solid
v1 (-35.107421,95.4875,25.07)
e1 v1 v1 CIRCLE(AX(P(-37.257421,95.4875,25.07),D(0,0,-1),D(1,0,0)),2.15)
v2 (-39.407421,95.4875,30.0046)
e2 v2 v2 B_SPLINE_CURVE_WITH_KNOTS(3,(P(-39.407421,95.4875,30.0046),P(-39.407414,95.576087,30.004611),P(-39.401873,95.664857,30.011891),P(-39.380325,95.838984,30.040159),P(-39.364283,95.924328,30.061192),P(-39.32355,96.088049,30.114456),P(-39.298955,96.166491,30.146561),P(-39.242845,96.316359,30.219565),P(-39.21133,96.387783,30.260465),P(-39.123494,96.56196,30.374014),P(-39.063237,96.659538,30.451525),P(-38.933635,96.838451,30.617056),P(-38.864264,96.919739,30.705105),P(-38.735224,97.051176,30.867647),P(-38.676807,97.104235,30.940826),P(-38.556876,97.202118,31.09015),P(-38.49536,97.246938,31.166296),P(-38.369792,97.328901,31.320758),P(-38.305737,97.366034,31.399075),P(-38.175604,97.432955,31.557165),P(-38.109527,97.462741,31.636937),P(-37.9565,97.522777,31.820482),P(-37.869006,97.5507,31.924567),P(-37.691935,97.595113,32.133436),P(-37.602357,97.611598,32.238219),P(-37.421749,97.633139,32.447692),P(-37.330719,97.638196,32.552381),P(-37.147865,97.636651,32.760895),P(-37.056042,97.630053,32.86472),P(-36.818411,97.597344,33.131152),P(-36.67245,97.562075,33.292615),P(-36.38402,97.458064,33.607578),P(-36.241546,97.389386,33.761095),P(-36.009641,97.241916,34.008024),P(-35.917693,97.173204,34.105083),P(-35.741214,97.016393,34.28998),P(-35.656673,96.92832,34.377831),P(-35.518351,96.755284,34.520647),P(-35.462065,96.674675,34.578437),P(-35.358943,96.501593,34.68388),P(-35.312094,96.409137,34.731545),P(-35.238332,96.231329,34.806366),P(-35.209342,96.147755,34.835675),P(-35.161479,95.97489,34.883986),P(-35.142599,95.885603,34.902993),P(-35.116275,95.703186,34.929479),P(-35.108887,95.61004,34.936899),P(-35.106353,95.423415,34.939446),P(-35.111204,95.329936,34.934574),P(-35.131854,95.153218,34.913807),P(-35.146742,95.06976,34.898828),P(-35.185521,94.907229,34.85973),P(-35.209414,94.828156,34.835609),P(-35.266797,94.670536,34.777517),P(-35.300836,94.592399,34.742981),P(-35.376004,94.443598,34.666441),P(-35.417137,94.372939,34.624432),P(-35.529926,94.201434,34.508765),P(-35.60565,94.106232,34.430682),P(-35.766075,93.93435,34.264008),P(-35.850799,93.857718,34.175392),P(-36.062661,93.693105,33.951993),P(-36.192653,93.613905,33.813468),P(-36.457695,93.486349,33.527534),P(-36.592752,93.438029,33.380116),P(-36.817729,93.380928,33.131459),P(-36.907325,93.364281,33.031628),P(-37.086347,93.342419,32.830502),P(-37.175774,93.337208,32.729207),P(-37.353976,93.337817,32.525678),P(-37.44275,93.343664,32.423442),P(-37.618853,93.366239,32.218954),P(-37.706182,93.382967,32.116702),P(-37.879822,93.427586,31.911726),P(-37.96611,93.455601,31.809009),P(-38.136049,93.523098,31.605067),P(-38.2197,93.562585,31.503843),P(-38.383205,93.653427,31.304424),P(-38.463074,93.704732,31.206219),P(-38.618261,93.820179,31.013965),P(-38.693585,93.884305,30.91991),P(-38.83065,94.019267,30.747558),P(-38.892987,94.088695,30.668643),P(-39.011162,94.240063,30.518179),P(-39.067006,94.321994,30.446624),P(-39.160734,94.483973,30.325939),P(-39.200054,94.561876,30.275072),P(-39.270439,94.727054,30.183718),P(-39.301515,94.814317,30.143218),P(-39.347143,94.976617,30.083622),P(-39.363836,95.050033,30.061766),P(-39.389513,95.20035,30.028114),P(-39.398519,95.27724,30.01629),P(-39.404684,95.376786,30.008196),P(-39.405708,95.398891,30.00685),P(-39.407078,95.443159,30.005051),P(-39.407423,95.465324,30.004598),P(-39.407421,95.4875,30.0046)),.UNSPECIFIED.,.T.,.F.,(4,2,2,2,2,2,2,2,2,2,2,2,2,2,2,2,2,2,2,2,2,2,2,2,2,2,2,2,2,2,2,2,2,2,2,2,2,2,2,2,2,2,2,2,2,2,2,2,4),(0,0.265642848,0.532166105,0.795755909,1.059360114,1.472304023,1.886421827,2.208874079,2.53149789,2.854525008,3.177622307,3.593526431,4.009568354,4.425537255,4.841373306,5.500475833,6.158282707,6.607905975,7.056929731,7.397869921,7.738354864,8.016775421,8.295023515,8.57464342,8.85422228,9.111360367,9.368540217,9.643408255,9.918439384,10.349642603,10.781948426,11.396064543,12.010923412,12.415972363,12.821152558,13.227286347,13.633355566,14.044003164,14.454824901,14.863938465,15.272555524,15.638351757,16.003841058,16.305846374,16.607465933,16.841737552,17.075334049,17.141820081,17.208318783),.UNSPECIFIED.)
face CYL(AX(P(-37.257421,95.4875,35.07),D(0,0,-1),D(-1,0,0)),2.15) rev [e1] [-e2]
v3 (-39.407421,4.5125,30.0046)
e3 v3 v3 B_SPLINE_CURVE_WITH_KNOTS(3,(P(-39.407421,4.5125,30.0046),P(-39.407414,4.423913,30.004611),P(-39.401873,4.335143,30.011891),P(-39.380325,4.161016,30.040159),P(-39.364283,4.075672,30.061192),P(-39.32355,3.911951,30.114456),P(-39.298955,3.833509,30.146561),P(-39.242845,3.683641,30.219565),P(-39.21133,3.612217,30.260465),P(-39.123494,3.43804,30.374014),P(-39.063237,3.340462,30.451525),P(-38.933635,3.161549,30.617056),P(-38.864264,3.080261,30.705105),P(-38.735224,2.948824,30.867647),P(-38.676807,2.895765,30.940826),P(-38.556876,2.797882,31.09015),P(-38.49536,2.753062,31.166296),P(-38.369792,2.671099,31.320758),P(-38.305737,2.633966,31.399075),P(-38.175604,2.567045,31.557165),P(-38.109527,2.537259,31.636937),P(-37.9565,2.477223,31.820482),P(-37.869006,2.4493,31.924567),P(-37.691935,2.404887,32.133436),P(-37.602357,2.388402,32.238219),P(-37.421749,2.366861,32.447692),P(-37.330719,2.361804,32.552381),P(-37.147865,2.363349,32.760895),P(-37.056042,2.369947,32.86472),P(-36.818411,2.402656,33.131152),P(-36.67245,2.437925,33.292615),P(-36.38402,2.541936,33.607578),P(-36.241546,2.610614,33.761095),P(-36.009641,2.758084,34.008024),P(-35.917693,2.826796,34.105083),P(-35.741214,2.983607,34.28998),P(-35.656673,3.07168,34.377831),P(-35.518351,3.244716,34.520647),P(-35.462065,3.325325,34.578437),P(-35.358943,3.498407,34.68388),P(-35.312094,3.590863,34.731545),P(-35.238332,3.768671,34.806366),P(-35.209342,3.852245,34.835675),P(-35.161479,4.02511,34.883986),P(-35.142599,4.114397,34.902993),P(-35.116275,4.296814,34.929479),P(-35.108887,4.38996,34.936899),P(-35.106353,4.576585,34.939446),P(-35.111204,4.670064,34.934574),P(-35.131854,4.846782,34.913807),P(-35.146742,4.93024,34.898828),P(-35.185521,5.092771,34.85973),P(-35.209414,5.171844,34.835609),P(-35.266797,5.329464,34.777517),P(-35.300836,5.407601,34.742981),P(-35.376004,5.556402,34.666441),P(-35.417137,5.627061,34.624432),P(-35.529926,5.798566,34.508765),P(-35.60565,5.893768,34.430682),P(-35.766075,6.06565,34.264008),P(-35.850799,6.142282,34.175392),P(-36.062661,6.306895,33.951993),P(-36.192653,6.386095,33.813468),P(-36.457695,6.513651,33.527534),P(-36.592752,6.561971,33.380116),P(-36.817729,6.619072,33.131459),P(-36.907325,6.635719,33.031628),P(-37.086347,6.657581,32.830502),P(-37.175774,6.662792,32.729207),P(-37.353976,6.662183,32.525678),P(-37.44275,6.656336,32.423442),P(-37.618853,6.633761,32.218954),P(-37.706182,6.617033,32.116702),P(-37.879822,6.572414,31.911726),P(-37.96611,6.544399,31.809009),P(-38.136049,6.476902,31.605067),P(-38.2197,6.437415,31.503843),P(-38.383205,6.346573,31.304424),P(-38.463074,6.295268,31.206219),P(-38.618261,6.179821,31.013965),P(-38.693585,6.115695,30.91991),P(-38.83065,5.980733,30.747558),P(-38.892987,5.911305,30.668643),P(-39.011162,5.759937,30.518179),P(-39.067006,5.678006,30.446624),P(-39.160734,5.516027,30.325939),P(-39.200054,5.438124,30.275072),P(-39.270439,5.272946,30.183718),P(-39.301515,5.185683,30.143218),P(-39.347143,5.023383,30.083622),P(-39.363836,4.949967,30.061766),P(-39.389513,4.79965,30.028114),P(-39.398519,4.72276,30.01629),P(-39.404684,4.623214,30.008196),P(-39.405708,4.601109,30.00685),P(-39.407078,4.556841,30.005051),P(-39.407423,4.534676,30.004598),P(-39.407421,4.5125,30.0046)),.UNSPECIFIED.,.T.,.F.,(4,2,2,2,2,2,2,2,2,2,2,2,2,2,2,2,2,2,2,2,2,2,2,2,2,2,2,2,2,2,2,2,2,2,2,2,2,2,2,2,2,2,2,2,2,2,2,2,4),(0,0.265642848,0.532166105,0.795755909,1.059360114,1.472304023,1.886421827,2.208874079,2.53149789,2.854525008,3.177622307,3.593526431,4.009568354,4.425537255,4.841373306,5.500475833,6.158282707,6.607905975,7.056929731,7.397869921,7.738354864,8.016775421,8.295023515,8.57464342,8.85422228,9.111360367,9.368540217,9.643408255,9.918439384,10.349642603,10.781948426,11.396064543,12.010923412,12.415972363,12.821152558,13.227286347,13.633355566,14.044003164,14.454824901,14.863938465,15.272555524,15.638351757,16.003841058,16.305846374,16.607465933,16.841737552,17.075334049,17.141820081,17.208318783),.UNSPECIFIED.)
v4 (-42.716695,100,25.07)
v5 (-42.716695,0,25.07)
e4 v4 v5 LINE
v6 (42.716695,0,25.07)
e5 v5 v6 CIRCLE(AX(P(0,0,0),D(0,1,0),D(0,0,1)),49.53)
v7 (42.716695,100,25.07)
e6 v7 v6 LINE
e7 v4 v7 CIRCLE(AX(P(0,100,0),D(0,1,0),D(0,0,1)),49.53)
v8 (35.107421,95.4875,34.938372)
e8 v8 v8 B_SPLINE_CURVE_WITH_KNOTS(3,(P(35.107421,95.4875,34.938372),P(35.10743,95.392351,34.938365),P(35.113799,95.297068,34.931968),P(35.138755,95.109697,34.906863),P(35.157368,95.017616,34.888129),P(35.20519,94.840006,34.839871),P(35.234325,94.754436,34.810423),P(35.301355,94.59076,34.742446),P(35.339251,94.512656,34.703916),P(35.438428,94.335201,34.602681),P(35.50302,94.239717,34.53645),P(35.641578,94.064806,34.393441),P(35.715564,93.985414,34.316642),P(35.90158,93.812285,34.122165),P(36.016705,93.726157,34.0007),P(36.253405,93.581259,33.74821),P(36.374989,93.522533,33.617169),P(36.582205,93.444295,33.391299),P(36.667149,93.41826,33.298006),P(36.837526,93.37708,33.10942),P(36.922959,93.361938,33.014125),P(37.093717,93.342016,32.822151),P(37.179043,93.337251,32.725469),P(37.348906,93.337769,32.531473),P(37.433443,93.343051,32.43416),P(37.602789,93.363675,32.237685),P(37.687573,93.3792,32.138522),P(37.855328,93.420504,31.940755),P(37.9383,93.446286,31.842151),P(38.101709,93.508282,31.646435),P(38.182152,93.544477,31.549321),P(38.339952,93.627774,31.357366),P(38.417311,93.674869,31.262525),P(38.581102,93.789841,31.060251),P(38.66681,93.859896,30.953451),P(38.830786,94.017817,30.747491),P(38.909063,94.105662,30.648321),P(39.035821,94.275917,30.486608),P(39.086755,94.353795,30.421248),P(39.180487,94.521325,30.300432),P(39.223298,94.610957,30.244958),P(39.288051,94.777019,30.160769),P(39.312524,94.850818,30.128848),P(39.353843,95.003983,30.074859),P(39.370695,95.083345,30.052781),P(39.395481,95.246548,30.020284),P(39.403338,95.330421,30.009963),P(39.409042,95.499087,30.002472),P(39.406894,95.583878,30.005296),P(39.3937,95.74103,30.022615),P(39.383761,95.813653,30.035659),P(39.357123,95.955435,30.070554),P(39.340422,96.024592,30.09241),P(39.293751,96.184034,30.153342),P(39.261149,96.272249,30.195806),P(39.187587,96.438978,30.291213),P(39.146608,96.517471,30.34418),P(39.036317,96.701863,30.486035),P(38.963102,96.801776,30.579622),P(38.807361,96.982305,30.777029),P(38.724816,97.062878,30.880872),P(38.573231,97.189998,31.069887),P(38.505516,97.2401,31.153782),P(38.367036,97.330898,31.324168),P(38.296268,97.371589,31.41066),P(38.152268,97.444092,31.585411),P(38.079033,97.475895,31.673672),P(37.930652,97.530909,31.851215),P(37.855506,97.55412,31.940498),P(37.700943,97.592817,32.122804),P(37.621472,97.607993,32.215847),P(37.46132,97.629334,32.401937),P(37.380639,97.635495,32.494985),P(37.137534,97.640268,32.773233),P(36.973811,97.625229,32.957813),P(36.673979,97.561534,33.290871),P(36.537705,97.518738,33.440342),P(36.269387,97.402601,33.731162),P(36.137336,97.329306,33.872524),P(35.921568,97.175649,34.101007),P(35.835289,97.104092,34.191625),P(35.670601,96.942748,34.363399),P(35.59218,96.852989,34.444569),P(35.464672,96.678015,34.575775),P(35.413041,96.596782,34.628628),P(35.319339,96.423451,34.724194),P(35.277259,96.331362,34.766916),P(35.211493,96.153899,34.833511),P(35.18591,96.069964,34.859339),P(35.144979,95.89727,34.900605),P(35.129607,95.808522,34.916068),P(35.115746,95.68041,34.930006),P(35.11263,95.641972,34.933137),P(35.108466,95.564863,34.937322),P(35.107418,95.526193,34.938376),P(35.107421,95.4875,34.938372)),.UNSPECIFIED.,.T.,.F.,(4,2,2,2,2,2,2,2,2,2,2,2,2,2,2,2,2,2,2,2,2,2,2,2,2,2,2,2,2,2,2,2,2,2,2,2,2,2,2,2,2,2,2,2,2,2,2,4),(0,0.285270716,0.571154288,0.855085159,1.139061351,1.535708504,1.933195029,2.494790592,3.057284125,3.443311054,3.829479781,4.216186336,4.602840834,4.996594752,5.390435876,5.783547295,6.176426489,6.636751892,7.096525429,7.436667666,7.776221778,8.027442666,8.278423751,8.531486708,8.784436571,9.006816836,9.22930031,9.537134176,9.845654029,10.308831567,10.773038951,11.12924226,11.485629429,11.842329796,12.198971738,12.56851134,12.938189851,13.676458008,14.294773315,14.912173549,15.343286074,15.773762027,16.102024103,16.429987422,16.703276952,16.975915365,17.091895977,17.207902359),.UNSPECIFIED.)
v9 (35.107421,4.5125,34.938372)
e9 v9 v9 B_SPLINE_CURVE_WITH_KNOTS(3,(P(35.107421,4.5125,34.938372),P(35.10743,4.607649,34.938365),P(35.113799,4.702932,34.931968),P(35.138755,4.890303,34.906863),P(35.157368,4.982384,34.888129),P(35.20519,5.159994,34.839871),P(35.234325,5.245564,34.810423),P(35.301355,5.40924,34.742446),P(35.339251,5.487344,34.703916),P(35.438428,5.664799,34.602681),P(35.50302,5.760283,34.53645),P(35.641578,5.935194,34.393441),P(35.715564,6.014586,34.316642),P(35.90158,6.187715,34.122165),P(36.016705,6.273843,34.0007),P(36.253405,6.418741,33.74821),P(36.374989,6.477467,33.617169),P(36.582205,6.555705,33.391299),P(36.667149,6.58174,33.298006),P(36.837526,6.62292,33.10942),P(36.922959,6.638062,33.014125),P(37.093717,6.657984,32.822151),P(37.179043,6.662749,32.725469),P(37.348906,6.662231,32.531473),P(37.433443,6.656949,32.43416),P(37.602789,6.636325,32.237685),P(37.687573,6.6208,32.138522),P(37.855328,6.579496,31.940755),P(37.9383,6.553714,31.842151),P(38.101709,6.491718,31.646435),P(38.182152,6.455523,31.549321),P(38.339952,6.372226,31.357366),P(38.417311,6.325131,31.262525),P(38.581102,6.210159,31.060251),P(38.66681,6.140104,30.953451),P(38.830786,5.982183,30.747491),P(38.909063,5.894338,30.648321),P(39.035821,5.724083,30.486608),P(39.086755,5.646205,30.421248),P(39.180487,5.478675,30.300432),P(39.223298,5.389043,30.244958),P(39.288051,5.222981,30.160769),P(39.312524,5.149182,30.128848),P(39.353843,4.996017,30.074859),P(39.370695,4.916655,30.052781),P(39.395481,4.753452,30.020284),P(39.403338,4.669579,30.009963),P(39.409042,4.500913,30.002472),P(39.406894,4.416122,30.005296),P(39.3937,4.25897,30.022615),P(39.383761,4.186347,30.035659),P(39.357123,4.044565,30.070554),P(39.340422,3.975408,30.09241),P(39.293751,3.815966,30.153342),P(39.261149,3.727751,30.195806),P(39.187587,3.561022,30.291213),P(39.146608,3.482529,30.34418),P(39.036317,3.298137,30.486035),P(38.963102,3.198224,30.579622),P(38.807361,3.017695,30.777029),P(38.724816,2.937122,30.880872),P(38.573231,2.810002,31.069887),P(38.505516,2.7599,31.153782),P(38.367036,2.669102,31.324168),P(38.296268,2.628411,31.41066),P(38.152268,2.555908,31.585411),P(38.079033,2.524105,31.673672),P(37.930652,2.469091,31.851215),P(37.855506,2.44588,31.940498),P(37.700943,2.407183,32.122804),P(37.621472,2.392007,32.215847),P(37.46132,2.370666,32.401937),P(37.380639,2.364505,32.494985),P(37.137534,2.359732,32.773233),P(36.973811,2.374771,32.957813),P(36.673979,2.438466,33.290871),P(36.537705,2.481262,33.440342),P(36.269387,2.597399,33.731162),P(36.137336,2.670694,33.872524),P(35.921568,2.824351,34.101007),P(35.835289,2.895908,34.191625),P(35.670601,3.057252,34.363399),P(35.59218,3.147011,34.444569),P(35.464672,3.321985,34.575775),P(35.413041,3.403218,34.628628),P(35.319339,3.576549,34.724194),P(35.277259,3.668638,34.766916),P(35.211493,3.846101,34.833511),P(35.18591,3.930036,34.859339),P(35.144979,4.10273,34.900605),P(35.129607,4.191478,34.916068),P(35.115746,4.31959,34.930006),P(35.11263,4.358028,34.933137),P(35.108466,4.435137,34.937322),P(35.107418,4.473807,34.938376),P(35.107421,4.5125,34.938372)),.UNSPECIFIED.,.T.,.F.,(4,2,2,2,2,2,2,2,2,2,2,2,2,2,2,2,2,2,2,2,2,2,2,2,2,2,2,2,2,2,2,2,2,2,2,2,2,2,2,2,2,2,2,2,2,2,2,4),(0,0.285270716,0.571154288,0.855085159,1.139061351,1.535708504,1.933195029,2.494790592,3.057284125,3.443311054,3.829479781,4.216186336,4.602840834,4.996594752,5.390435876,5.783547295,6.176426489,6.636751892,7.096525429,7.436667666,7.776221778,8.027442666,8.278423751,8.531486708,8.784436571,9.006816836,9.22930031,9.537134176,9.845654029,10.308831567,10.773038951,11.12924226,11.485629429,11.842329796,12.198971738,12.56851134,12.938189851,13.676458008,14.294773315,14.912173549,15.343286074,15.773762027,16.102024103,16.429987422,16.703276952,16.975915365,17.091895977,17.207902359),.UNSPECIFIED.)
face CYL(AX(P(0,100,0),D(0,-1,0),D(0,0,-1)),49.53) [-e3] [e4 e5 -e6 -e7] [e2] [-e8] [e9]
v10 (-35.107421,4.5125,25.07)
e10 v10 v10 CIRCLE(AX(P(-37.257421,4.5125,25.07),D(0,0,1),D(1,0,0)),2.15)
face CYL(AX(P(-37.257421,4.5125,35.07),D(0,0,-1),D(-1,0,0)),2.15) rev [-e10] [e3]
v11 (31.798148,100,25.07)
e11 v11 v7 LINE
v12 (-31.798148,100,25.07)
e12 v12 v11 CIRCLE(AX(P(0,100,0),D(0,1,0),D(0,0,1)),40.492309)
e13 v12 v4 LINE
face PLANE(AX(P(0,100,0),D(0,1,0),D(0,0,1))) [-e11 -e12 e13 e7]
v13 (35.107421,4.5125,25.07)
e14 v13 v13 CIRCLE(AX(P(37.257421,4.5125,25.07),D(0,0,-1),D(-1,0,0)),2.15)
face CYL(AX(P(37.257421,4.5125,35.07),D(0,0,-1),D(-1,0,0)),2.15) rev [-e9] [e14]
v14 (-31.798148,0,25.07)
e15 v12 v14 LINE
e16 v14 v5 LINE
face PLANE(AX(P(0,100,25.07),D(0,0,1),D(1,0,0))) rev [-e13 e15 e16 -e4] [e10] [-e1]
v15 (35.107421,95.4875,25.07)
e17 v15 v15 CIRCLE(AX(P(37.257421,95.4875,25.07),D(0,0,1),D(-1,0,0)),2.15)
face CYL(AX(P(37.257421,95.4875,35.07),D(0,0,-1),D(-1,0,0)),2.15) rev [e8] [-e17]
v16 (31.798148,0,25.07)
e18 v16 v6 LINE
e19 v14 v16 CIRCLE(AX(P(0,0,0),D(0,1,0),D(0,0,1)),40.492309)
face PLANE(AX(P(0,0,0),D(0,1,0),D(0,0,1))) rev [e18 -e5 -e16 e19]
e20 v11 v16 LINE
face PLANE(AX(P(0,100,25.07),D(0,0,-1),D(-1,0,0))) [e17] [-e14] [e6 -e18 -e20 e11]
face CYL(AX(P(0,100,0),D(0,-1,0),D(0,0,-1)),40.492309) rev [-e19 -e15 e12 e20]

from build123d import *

# Parameters (mm, degrees)
BOSS_EXTRUDE1_DEPTH                        = 100
SKETCH2_R                                  = 2.15
CUT_EXTRUDE1_DEPTH                         = 10
MIRROR1_AT_THE_SECOND_PLANE_COPY_1_SKETC_R = 2.15
MIRROR1_AT_THE_SECOND_PLANE_COPY_1_DEPTH   = 10


with BuildPart() as part:
    # Sketch1 → Boss-Extrude1 (new body)
    with BuildSketch(Plane(origin=(0, 0, 0), x_dir=(1, 0, 0), z_dir=(0, 1, 0))):
        with BuildLine():
            ThreePointArc((31.798147977, -25.07), (0, -40.492309328), (-31.798147977, -25.07))
            Line((-31.798147977, -25.07), (-42.716694629, -25.07))
            ThreePointArc((-42.716694629, -25.07), (0, -49.53), (42.716694629, -25.07))
            Line((42.716694629, -25.07), (31.798147977, -25.07))
        make_face()
    extrude(amount=BOSS_EXTRUDE1_DEPTH)

    # Sketch2 → Cut-Extrude1 (cut)
    with BuildSketch(Plane(origin=(0, 0, 25.07), x_dir=(-1, 0, 0), z_dir=(0, 0, -1))):
        with Locations((-37.257421303, 4.5125)):
            Circle(SKETCH2_R)
    cut_extrude1 = extrude(amount=-CUT_EXTRUDE1_DEPTH, mode=Mode.SUBTRACT)

    # Mirror1: Cut-Extrude1 across plane
    add(cut_extrude1.mirror(Plane(origin=(0, 50, 0), x_dir=(0, 0, 1), z_dir=(0, -1, 0))), mode=Mode.SUBTRACT)

    # Mirror1 at the second plane: Cut-Extrude1 across plane
    add(cut_extrude1.mirror(Plane(origin=(0, 0, 0), x_dir=(0, 0, 1), z_dir=(1, 0, 0))), mode=Mode.SUBTRACT)

    # Mirror1 at the second plane copy 1 sketc → Mirror1 at the second plane copy 1 (cut)
    with BuildSketch(Plane(origin=(0, 100, 25.07), x_dir=(1, 0, 0), z_dir=(0, 0, -1))):
        with Locations((-37.257421303, 4.5125)):
            Circle(MIRROR1_AT_THE_SECOND_PLANE_COPY_1_SKETC_R)
    extrude(amount=-MIRROR1_AT_THE_SECOND_PLANE_COPY_1_DEPTH, mode=Mode.SUBTRACT)


solid = part.part
